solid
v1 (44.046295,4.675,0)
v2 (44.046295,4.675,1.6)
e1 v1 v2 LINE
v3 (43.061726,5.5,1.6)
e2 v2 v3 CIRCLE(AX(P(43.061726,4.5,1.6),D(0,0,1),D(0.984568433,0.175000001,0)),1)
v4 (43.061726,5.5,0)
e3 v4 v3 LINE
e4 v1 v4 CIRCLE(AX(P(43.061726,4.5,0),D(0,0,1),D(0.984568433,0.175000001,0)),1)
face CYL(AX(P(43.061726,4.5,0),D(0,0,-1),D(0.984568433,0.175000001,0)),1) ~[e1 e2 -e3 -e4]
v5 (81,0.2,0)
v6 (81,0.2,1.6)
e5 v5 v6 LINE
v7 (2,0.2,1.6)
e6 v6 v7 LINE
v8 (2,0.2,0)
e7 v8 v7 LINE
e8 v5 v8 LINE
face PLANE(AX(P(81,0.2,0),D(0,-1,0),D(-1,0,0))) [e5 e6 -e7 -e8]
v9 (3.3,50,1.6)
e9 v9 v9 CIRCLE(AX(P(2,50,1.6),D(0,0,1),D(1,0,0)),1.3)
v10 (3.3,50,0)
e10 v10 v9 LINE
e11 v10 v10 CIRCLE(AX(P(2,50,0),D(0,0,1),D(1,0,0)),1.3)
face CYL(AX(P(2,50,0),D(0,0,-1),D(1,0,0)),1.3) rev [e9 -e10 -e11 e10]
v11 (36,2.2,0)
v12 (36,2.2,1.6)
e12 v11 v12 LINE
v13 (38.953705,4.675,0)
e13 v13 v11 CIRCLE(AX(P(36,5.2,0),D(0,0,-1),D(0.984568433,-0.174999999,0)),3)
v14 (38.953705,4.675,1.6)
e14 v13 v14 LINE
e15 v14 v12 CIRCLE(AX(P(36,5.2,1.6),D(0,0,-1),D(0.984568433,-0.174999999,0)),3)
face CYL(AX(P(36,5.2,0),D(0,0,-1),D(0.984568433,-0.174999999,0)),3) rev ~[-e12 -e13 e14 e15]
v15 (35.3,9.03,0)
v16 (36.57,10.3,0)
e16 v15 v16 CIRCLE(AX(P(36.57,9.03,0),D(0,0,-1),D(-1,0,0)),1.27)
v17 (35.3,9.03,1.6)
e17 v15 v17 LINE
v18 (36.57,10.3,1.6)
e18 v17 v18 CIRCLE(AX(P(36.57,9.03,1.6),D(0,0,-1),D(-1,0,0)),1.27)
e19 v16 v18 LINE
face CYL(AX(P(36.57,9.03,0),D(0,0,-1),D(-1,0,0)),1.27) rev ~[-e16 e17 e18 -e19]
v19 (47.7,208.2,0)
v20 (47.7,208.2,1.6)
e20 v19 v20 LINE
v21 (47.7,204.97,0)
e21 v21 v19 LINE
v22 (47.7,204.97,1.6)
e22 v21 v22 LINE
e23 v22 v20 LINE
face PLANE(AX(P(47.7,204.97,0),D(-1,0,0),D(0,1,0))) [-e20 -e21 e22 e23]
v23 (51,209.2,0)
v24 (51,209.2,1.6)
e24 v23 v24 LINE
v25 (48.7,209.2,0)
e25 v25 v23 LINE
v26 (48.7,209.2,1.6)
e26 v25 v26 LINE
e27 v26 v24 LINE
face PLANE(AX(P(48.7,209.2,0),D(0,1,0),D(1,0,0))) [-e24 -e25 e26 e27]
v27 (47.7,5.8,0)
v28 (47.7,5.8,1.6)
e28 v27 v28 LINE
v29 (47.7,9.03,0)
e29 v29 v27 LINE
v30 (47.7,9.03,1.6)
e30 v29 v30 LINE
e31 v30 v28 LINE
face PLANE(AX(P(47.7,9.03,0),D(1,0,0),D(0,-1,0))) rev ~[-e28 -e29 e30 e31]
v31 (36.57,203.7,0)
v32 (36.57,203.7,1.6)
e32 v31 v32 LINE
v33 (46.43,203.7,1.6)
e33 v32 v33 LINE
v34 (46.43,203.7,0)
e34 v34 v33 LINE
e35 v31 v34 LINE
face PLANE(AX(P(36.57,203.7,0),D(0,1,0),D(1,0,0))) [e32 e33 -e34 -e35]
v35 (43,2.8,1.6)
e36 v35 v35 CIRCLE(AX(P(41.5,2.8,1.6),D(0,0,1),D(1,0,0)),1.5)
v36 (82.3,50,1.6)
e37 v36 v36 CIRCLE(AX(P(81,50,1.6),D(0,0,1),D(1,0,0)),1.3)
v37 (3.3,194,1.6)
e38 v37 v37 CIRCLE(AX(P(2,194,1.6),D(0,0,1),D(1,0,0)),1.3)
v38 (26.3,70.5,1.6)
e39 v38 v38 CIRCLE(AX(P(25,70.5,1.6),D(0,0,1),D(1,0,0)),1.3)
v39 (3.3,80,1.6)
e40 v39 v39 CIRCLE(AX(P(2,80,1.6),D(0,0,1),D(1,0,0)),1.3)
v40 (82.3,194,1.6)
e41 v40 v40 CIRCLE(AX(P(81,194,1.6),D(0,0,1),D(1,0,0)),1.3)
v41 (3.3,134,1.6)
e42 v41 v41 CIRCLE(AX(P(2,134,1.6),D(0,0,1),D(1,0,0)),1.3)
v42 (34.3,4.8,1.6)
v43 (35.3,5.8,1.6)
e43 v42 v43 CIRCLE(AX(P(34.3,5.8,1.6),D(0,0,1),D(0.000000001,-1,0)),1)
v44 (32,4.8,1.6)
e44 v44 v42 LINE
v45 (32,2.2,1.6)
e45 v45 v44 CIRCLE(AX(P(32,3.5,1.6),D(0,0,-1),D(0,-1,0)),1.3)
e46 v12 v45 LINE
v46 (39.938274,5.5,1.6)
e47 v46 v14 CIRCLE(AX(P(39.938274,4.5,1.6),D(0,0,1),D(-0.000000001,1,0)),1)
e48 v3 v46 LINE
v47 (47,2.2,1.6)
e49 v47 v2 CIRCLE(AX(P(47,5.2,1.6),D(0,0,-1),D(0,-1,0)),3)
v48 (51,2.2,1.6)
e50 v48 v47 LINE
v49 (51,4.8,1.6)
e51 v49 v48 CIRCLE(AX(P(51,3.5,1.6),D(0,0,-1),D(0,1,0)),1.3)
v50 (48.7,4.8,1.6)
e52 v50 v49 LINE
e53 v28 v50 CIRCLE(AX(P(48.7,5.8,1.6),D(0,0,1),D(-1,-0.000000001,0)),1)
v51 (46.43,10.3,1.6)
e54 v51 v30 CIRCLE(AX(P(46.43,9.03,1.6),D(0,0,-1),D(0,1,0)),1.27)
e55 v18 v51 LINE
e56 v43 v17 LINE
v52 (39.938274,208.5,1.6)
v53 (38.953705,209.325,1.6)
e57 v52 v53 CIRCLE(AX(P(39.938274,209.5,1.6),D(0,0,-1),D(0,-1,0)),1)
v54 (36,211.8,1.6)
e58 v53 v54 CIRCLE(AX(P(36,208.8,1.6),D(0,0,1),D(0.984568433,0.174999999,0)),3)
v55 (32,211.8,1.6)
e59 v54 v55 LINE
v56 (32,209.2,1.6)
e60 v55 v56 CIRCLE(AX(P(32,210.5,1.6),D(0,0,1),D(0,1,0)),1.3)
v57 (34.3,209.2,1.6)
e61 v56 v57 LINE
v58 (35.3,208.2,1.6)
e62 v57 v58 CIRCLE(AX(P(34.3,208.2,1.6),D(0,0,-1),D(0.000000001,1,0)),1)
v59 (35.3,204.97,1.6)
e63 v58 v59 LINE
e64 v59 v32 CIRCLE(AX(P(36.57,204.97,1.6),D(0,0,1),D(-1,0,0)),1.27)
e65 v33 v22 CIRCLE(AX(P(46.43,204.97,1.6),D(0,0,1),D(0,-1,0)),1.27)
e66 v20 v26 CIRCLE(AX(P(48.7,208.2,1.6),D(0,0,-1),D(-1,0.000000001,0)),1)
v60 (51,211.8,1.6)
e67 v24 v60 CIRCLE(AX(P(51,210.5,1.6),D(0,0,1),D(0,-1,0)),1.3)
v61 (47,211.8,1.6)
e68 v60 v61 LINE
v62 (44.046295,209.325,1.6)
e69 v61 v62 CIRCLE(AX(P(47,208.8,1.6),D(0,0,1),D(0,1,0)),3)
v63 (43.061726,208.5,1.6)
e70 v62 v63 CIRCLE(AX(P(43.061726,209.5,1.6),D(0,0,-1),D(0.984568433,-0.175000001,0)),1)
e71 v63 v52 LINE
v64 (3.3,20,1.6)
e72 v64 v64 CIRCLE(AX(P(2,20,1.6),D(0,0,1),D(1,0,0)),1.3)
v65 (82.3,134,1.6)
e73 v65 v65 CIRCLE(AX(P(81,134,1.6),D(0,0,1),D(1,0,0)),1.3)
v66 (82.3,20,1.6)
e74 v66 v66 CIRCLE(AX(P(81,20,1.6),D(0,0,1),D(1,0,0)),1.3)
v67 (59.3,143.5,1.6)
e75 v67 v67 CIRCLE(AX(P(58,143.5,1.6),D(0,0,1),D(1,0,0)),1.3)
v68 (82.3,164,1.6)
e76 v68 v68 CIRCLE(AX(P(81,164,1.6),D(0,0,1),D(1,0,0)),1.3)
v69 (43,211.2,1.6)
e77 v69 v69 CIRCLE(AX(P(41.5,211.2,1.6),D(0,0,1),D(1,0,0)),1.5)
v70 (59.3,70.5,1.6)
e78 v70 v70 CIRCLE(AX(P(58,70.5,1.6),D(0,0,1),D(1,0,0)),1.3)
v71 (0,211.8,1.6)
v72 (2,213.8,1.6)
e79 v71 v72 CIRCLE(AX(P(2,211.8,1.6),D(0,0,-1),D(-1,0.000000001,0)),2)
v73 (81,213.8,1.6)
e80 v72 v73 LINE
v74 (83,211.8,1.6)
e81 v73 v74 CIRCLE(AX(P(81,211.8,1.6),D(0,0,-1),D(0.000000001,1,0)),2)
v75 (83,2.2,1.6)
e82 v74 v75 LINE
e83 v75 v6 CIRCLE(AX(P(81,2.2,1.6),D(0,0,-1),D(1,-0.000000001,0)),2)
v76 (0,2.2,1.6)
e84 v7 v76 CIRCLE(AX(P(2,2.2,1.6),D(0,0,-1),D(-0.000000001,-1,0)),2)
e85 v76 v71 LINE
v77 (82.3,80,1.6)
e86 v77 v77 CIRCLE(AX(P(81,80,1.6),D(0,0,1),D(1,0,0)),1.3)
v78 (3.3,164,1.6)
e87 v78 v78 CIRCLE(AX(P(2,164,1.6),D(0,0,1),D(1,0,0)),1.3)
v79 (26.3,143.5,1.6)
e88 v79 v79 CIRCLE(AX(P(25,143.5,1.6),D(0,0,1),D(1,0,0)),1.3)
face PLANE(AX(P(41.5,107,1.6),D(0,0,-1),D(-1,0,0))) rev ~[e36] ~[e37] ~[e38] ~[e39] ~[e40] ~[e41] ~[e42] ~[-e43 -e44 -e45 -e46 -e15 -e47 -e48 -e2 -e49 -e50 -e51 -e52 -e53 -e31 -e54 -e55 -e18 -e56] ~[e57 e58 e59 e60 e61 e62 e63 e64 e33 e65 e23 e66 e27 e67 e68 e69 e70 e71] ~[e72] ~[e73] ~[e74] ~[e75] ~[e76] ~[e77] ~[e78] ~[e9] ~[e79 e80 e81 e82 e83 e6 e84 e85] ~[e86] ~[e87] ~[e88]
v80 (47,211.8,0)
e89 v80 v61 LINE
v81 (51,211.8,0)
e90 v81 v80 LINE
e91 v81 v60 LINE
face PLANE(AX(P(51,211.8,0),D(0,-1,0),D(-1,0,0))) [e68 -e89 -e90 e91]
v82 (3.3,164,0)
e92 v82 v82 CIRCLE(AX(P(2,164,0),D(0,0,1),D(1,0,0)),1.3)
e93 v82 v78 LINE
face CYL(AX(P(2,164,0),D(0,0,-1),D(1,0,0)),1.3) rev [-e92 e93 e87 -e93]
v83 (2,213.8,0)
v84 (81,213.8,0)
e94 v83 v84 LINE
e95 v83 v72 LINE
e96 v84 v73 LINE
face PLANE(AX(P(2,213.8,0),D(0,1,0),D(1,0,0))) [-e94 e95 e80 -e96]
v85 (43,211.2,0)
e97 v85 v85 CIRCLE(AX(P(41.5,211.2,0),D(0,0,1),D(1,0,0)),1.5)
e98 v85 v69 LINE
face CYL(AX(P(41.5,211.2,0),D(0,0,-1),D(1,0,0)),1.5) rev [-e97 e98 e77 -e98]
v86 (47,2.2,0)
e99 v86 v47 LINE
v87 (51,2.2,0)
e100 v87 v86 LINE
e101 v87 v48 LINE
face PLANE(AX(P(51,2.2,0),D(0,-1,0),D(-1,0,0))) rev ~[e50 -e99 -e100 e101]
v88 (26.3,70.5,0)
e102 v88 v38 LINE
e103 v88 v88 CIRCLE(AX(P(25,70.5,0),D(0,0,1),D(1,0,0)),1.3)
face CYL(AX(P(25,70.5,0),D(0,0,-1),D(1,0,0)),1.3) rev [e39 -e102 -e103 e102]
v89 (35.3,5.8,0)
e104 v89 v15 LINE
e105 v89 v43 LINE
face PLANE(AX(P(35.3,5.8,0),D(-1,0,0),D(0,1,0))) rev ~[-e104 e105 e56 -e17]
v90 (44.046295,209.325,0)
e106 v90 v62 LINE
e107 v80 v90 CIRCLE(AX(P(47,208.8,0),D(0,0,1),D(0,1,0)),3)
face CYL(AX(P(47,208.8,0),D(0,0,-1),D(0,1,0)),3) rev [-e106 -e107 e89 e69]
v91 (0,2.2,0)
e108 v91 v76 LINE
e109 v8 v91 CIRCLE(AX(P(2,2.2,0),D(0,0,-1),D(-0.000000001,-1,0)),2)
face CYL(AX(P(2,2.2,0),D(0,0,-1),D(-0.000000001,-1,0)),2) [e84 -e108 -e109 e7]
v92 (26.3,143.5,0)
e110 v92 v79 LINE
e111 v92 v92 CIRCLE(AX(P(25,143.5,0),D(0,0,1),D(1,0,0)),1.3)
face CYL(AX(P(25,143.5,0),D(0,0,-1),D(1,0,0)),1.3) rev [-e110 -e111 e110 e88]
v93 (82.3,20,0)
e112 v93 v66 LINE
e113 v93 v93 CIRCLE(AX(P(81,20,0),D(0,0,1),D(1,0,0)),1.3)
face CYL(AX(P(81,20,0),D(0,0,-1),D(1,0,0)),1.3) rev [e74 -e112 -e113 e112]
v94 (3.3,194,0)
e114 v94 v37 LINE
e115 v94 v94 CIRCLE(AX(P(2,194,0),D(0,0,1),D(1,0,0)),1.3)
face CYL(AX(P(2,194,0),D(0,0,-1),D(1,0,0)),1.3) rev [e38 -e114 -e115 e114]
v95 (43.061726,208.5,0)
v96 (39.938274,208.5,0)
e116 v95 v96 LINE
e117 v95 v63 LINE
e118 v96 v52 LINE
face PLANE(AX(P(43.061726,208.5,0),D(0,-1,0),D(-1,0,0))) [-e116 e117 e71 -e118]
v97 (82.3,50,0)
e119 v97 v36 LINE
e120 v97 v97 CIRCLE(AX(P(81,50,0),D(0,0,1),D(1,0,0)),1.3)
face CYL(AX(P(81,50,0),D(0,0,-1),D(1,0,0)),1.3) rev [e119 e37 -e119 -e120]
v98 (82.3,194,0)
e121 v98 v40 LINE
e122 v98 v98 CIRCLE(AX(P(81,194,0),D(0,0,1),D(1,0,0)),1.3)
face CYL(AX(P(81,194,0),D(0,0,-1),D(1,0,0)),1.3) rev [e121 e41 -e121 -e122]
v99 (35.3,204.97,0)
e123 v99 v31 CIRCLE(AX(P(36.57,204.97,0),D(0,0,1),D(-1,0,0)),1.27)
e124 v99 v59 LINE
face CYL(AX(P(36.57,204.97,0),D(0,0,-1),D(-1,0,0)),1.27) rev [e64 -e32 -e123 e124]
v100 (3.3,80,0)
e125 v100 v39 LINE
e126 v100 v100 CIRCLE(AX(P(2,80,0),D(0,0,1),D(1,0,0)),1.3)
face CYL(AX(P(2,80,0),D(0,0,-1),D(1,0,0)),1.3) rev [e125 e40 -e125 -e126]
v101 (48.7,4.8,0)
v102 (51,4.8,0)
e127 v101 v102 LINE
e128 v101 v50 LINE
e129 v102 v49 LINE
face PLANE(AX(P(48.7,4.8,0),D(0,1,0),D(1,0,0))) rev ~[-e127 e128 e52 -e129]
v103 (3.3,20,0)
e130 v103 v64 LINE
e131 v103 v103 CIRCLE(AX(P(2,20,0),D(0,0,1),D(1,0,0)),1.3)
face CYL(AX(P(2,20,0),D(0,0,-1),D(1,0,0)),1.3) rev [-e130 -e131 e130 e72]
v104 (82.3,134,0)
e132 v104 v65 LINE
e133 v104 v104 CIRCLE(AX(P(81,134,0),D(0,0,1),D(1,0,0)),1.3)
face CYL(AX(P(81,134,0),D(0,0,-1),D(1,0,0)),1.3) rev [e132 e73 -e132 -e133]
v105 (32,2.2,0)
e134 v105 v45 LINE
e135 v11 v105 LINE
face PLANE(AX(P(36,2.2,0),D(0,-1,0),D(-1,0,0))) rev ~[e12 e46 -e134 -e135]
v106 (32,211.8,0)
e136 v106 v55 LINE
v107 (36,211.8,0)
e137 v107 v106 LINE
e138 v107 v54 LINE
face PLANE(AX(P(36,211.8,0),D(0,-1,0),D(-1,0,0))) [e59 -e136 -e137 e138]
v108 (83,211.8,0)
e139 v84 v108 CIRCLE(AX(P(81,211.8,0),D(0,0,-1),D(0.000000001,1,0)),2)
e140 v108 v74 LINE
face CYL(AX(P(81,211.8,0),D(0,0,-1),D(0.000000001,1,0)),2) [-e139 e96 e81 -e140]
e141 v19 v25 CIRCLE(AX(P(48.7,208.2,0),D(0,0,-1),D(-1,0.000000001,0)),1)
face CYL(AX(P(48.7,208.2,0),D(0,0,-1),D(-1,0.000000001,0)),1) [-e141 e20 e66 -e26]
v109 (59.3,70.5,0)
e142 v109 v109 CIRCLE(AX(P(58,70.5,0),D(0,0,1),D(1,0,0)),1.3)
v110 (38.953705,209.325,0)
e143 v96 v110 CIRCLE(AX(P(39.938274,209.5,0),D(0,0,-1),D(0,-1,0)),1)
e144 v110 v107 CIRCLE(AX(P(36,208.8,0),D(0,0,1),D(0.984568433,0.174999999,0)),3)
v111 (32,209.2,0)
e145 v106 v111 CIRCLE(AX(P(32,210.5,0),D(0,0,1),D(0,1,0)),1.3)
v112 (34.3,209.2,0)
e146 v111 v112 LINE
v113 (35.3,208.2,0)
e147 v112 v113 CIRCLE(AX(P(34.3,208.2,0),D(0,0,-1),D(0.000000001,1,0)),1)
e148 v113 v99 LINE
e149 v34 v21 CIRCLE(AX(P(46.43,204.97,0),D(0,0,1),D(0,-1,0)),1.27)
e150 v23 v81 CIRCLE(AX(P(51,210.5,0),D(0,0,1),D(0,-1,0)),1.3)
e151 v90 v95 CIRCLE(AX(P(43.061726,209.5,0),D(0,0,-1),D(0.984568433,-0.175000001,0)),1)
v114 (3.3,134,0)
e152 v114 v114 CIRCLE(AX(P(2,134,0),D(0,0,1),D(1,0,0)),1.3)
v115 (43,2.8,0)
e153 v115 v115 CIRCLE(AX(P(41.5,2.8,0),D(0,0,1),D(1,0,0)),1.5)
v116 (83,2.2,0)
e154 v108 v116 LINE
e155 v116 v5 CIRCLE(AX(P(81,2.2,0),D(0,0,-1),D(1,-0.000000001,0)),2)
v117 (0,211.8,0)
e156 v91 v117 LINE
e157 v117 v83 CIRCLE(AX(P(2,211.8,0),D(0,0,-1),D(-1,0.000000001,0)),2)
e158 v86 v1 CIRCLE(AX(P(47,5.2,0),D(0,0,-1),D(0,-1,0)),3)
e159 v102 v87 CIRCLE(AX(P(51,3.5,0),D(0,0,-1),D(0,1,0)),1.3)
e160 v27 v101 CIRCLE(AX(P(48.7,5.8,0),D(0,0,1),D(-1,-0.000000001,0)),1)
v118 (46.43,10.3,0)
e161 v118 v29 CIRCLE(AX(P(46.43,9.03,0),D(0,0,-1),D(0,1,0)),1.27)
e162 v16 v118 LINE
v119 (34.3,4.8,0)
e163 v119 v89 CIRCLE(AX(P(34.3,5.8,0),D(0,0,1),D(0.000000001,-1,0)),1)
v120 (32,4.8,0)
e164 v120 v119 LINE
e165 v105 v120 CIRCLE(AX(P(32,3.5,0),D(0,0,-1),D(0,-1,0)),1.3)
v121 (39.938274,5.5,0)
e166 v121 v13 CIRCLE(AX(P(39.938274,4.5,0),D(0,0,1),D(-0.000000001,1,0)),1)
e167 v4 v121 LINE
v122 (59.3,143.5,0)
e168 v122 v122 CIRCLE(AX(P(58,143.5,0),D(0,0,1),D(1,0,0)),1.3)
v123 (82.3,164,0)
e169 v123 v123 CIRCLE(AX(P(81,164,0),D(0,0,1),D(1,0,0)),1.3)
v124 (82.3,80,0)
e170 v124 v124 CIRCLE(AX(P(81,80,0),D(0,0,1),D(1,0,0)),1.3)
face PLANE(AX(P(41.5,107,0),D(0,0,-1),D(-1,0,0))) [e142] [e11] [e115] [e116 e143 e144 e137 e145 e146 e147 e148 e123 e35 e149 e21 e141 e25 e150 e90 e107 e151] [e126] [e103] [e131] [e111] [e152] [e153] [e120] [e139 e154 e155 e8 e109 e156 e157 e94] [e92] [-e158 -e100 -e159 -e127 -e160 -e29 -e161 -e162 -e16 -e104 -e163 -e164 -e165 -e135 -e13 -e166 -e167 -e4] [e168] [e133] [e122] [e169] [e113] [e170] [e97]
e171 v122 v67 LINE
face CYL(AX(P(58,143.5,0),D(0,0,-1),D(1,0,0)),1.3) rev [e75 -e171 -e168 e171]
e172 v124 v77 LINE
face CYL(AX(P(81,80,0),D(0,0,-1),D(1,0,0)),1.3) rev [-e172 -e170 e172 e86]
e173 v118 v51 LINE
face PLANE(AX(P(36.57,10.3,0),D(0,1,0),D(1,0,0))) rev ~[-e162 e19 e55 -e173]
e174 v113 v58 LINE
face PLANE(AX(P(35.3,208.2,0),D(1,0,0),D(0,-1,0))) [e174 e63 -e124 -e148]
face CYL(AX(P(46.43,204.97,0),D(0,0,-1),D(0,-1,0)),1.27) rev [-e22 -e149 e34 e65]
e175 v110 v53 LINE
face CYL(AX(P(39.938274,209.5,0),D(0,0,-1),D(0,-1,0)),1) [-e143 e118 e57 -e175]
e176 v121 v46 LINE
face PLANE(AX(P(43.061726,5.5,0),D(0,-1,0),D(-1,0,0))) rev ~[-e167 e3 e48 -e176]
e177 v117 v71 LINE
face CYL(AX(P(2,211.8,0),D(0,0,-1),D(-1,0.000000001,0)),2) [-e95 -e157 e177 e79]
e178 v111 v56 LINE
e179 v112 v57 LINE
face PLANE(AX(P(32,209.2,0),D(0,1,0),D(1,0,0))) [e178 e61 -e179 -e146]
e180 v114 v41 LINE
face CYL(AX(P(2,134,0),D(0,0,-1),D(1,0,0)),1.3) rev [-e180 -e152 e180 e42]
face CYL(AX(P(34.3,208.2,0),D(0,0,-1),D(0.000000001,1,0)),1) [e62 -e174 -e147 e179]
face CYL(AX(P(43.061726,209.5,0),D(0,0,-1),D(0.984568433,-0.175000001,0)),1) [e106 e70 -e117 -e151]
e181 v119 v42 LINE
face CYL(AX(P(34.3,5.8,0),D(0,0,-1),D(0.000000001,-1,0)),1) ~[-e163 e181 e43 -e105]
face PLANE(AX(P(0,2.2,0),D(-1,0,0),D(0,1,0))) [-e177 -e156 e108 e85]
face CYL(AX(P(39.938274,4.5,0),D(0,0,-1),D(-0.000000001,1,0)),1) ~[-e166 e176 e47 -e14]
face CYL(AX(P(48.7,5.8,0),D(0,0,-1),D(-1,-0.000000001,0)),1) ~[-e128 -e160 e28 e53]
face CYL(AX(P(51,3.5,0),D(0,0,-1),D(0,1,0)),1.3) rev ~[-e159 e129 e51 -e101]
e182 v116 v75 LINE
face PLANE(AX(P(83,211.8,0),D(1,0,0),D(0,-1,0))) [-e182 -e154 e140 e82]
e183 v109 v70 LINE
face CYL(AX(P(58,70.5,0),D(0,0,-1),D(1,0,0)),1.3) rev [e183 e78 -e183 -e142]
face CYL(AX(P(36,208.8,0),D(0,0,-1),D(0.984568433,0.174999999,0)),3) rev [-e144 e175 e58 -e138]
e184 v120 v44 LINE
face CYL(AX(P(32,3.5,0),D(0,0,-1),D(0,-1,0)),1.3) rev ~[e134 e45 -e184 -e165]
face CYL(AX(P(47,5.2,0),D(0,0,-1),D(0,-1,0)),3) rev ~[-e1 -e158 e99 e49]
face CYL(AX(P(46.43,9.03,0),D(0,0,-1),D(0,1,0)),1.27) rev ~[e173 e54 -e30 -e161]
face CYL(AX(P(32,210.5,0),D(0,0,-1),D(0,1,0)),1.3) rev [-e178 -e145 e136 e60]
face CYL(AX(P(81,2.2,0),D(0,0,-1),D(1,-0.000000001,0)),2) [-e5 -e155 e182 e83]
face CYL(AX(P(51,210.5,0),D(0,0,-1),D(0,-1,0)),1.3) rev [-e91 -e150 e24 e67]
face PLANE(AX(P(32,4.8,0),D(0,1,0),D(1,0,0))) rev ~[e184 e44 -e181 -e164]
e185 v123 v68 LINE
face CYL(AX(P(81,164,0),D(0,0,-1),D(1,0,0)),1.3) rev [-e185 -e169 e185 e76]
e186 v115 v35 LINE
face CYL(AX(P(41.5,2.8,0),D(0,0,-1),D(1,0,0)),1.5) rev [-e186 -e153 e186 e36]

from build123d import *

# Parameters (mm, degrees)
BOSS_EXTRUDE2_DEPTH = 1.6
MODEL_3_R           = 1.3
MODEL_3_R_2         = 1.5
CUT_EXTRUDE2_DEPTH  = 1.6


with BuildPart() as part:
    # Model → Boss-Extrude2 (new body)
    with BuildSketch(Plane.XY):
        with BuildLine():
            Line((2, 213.8), (81, 213.8))
            ThreePointArc((81, 213.8), (82.414213562, 213.214213562), (83, 211.8))
            Line((83, 211.8), (83, 2.2))
            ThreePointArc((83, 2.2), (82.414213562, 0.785786438), (81, 0.2))
            Line((81, 0.2), (2, 0.2))
            ThreePointArc((2, 0.2), (0.585786438, 0.785786438), (0, 2.2))
            Line((0, 2.2), (0, 211.8))
            ThreePointArc((0, 211.8), (0.585786438, 213.214213562), (2, 213.8))
        make_face()
    extrude(amount=BOSS_EXTRUDE2_DEPTH)

    # Model<3> → Cut-Extrude2 (cut)
    with BuildSketch(Plane.XY):
        with Locations((58, 143.5)):
            Circle(MODEL_3_R)
        with Locations((25, 143.5)):
            Circle(MODEL_3_R)
        with Locations((41.5, 211.2)):
            Circle(MODEL_3_R_2)
        with Locations((41.5, 2.8)):
            Circle(MODEL_3_R_2)
        with Locations((2, 194)):
            Circle(MODEL_3_R)
        with Locations((2, 164)):
            Circle(MODEL_3_R)
        with Locations((2, 134)):
            Circle(MODEL_3_R)
        with Locations((81, 194)):
            Circle(MODEL_3_R)
        with Locations((81, 164)):
            Circle(MODEL_3_R)
        with Locations((81, 134)):
            Circle(MODEL_3_R)
        with Locations((81, 80)):
            Circle(MODEL_3_R)
        with Locations((81, 50)):
            Circle(MODEL_3_R)
        with Locations((81, 20)):
            Circle(MODEL_3_R)
        with Locations((2, 20)):
            Circle(MODEL_3_R)
        with Locations((2, 50)):
            Circle(MODEL_3_R)
        with Locations((2, 80)):
            Circle(MODEL_3_R)
        with Locations((58, 70.5)):
            Circle(MODEL_3_R)
        with Locations((25, 70.5)):
            Circle(MODEL_3_R)
        with BuildLine():
            Line((51, 2.2), (47, 2.2))
            ThreePointArc((47, 2.2), (45.073215113, 2.900543542), (44.0462947, 4.675))
            ThreePointArc((44.0462947, 4.675), (43.703987895, 5.266485486), (43.061726266, 5.5))
            Line((43.061726266, 5.5), (39.938273733, 5.5))
            ThreePointArc((39.938273733, 5.5), (39.296012105, 5.266485486), (38.9537053, 4.675))
            ThreePointArc((38.9537053, 4.675), (37.926784887, 2.900543542), (36, 2.2))
            Line((36, 2.2), (32, 2.2))
            ThreePointArc((32, 2.2), (30.7, 3.5), (32, 4.8))
            Line((32, 4.8), (34.3, 4.8))
            ThreePointArc((34.3, 4.8), (35.007106781, 5.092893219), (35.3, 5.8))
            Line((35.3, 5.8), (35.3, 9.03))
            ThreePointArc((35.3, 9.03), (35.671974388, 9.928025612), (36.57, 10.3))
            Line((36.57, 10.3), (46.43, 10.3))
            ThreePointArc((46.43, 10.3), (47.328025612, 9.928025612), (47.7, 9.03))
            Line((47.7, 9.03), (47.7, 5.8))
            ThreePointArc((47.7, 5.8), (47.992893219, 5.092893219), (48.7, 4.8))
            Line((48.7, 4.8), (51, 4.8))
            ThreePointArc((51, 4.8), (52.3, 3.5), (51, 2.2))
        make_face()
        with BuildLine():
            Line((36, 211.8), (32, 211.8))
            ThreePointArc((32, 211.8), (30.7, 210.5), (32, 209.2))
            Line((32, 209.2), (34.3, 209.2))
            ThreePointArc((34.3, 209.2), (35.007106781, 208.907106781), (35.3, 208.2))
            Line((35.3, 208.2), (35.3, 204.97))
            ThreePointArc((35.3, 204.97), (35.671974388, 204.071974388), (36.57, 203.7))
            Line((36.57, 203.7), (46.43, 203.7))
            ThreePointArc((46.43, 203.7), (47.328025612, 204.071974388), (47.7, 204.97))
            Line((47.7, 204.97), (47.7, 208.2))
            ThreePointArc((47.7, 208.2), (47.992893219, 208.907106781), (48.7, 209.2))
            Line((48.7, 209.2), (51, 209.2))
            ThreePointArc((51, 209.2), (52.3, 210.5), (51, 211.8))
            Line((51, 211.8), (47, 211.8))
            ThreePointArc((47, 211.8), (45.073215113, 211.099456458), (44.0462947, 209.325))
            ThreePointArc((44.0462947, 209.325), (43.703987895, 208.733514514), (43.061726267, 208.5))
            Line((43.061726267, 208.5), (39.938273734, 208.5))
            ThreePointArc((39.938273734, 208.5), (39.296012105, 208.733514514), (38.9537053, 209.325))
            ThreePointArc((38.9537053, 209.325), (37.926784887, 211.099456458), (36, 211.8))
        make_face()
    extrude(amount=CUT_EXTRUDE2_DEPTH, mode=Mode.SUBTRACT)


solid = part.part
